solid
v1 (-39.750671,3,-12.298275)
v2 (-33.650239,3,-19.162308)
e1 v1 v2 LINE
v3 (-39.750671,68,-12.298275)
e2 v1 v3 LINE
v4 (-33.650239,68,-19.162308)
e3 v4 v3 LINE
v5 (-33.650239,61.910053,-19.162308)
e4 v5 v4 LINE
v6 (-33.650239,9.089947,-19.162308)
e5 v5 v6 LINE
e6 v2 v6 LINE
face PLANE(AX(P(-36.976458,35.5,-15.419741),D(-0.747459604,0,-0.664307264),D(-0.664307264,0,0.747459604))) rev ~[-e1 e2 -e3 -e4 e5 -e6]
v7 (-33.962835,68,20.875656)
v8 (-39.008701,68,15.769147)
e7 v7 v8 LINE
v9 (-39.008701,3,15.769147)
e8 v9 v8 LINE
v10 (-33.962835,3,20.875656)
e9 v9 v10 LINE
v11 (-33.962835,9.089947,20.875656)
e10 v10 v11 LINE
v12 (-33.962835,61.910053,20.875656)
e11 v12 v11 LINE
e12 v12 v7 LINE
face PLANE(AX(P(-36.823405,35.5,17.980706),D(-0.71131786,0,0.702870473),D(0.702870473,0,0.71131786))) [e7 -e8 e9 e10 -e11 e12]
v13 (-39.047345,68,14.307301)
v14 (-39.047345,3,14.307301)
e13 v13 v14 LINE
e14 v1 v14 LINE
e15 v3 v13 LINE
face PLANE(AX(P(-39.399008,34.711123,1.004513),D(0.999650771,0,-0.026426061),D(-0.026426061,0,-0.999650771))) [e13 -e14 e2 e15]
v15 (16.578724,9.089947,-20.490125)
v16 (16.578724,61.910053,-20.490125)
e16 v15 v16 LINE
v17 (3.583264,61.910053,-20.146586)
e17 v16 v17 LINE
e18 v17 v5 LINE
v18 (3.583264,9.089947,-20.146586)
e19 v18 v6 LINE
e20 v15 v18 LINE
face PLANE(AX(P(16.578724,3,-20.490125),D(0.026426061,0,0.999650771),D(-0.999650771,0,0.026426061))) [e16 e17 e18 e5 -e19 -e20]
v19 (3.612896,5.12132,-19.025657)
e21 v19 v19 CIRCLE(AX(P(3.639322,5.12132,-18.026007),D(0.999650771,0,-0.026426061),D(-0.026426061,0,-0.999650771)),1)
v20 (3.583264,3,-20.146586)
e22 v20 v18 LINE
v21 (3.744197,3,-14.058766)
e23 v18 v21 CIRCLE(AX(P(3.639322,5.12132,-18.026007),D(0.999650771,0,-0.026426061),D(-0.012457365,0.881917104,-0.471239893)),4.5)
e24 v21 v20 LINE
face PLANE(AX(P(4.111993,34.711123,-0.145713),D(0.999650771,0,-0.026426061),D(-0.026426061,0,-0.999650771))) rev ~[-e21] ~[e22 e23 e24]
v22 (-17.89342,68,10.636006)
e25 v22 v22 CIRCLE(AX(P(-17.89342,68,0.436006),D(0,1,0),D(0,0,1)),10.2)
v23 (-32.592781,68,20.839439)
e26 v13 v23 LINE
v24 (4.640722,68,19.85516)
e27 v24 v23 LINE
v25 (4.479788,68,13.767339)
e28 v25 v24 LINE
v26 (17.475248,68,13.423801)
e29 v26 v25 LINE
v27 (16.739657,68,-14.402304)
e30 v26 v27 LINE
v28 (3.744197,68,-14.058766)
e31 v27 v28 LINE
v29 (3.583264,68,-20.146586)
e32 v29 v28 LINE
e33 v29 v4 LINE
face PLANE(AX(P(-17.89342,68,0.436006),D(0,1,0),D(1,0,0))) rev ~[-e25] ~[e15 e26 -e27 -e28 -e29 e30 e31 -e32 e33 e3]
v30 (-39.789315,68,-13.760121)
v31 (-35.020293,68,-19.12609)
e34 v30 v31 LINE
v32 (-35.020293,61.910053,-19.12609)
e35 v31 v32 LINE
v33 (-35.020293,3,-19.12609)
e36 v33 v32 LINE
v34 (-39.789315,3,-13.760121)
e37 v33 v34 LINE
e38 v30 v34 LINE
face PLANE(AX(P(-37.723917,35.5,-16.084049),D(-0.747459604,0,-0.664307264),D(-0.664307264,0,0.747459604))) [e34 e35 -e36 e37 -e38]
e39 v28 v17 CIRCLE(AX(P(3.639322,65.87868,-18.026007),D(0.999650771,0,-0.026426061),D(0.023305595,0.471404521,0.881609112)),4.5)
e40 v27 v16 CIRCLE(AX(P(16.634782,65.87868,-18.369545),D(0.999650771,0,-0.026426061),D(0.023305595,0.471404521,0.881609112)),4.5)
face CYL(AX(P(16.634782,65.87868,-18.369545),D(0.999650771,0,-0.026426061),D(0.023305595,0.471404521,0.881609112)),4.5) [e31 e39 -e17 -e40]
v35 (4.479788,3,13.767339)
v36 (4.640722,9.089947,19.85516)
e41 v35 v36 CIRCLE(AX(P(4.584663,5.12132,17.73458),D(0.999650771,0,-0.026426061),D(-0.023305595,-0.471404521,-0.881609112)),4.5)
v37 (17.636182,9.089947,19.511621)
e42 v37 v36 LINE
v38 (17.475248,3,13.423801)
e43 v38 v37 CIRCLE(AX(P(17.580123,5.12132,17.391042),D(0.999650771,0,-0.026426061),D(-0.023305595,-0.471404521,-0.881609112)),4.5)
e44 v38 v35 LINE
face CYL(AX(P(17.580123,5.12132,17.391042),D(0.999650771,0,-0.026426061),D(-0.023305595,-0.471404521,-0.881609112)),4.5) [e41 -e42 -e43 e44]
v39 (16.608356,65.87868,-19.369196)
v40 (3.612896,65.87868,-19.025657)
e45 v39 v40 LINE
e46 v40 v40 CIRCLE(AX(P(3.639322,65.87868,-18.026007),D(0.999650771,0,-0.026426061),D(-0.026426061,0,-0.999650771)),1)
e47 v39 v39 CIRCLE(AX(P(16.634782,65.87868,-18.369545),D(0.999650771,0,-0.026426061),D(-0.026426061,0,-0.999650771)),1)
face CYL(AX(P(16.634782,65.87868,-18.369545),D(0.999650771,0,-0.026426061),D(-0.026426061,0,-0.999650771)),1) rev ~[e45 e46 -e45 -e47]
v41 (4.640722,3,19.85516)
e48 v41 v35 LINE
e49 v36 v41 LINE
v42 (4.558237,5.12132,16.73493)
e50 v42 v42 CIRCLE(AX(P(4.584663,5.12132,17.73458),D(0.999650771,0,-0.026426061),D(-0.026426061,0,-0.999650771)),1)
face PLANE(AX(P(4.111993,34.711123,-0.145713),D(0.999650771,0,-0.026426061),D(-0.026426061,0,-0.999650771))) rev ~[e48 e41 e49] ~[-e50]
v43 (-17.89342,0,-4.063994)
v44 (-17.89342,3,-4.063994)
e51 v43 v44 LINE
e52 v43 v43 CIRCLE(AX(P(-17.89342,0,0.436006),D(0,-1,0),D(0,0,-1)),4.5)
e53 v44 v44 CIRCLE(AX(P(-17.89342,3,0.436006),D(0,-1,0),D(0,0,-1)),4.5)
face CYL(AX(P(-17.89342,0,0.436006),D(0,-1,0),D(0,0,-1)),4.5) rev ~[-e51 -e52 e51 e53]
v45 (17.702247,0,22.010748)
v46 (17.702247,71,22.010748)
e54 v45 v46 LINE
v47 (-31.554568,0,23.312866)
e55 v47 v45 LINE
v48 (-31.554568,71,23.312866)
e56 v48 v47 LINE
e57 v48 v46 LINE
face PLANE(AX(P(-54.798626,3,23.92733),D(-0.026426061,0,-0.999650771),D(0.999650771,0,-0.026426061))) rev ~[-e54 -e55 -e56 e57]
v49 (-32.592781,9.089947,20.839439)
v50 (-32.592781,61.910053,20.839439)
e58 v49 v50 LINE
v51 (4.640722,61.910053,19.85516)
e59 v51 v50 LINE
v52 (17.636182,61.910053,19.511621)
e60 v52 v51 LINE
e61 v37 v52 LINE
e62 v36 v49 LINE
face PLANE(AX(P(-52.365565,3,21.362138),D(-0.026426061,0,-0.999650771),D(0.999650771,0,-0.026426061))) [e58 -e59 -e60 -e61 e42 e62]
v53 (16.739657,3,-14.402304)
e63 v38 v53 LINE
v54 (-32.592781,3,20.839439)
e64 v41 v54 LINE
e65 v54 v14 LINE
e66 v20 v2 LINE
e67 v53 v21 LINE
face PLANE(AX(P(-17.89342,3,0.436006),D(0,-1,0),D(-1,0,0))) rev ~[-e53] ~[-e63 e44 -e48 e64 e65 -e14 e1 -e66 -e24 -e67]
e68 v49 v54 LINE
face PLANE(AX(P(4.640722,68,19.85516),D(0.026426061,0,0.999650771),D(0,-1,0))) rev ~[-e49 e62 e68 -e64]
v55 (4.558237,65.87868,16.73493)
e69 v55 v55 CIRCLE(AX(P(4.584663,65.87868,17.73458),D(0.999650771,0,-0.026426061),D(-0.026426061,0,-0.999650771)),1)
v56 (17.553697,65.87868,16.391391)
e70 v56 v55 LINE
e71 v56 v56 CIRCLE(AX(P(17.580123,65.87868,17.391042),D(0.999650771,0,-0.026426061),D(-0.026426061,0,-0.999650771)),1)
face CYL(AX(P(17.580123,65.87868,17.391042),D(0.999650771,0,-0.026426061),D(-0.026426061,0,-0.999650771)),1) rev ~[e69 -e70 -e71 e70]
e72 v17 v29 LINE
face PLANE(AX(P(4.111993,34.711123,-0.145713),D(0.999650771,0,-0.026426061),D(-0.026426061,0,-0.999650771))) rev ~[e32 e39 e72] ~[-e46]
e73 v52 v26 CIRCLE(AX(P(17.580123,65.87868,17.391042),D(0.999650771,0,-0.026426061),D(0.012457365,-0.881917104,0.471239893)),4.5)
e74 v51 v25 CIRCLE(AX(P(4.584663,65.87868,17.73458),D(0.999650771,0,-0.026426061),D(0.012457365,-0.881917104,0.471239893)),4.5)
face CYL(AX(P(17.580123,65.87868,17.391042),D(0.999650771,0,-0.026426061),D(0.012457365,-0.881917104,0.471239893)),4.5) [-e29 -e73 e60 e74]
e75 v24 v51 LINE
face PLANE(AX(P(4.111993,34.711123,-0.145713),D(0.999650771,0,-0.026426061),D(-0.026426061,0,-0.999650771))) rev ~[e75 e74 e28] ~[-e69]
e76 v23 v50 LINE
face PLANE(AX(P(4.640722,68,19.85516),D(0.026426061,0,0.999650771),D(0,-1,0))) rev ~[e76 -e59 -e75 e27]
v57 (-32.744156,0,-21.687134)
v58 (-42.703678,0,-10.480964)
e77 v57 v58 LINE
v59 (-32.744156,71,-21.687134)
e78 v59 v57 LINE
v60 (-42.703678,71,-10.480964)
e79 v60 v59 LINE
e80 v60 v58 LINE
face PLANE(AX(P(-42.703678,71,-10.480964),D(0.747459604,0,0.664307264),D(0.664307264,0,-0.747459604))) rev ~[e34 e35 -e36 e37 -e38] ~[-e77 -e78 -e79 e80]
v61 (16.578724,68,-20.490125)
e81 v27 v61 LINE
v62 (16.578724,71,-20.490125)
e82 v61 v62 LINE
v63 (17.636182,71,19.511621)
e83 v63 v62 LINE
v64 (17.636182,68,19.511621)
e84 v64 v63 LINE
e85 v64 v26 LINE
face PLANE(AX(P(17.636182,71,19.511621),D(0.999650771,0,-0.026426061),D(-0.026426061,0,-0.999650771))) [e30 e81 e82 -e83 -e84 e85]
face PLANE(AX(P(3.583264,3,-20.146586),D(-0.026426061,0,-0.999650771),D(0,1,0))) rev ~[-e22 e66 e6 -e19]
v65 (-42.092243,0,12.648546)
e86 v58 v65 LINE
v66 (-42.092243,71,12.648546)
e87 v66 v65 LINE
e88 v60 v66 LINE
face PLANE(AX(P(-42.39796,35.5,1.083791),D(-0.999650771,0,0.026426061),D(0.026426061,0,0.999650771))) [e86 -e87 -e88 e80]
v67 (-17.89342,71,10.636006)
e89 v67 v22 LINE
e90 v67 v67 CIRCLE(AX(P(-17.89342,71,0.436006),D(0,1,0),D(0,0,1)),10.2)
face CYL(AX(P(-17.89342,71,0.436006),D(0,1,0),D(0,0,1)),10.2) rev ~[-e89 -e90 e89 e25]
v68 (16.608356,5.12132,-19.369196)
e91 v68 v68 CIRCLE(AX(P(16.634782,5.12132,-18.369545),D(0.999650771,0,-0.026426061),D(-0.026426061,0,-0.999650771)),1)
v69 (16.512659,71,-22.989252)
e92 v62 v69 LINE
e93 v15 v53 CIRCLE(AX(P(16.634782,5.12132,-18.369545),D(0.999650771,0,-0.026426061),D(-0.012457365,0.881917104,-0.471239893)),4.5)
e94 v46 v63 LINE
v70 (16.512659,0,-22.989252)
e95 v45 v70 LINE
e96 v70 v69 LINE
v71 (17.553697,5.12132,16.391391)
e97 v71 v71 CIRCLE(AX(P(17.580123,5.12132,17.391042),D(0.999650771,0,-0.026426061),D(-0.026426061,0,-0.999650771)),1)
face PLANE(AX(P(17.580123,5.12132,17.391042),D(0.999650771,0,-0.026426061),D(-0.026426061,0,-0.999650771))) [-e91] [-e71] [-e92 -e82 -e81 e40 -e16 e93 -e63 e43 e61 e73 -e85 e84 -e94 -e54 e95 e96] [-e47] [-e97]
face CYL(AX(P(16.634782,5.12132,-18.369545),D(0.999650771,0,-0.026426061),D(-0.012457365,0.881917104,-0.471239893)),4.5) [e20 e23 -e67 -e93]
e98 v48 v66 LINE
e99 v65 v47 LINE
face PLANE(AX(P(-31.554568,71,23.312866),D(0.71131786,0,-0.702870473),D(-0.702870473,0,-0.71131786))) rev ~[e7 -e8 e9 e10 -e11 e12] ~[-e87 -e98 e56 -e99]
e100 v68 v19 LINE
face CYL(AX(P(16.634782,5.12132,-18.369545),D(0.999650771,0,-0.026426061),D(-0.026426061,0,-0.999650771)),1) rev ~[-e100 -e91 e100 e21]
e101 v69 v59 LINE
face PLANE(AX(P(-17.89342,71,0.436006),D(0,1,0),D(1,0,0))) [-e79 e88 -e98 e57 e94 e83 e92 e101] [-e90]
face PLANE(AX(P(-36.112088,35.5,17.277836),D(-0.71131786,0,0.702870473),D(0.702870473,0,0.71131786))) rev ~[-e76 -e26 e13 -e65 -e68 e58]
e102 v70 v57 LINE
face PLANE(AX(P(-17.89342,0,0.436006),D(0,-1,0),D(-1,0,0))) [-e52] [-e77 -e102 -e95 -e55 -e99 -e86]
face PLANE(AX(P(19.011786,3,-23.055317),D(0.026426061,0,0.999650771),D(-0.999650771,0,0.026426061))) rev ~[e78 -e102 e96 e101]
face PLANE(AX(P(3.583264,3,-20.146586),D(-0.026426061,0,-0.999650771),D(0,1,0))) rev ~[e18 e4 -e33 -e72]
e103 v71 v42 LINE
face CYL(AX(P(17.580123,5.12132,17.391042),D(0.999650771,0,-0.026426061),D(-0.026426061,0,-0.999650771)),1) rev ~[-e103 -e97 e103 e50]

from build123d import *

# Parameters (mm, degrees)
SKETCH1_R                        = 4.951729289
BOSS_EXTRUDE3_DEPTH              = 3
BOSS_EXTRUDE4_DEPTH              = 68
SKETCH5_R                        = 4.5
CUT_EXTRUDE1_DEPTH               = 68
SKETCH11_W                       = 45.01572081
SKETCH11_H                       = 71
CUT_EXTRUDE3_DEPTH               = 2.5
SKETCH12_R                       = 13
BOSS_EXTRUDE7_DEPTH              = 3
SKETCH13_W                       = 45.01572081
SKETCH13_H                       = 71
CUT_EXTRUDE4_DEPTH               = 13
SKETCH14_W                       = 45.01572081
SKETCH14_H                       = 71
BOSS_EXTRUDE8_DEPTH              = 3
SKETCH15_R                       = 1.5
BOSS_EXTRUDE11_DEPTH             = 56.52620135
SKETCH16_R                       = 9
SKETCH16_R_2                     = 4.15
BOSS_EXTRUDE12_DEPTH             = 2
BOSS_EXTRUDE12_DIRECTION_2_REACH = 85.837
SKETCH17_R                       = 9
SKETCH17_R_2                     = 1
BOSS_EXTRUDE13_DEPTH             = 2
SKETCH18_R                       = 13
SKETCH18_R_2                     = 1
BOSS_EXTRUDE14_DEPTH             = 3
SKETCH19_R                       = 1.5
SKETCH19_R_2                     = 1
BOSS_EXTRUDE15_DEPTH             = 56.52620135
CUT_EXTRUDE9_DEPTH               = 43.52620135
SKETCH27_R                       = 10
SKETCH27_R_2                     = 1
CUT_EXTRUDE12_DEPTH              = 10
SKETCH28_R                       = 4.15
CUT_EXTRUDE13_DEPTH              = 73
SKETCH29_R                       = 4.5
SKETCH29_R_2                     = 4.15
CUT_EXTRUDE14_DEPTH              = 73
SKETCH30_R                       = 9
CUT_EXTRUDE15_DEPTH              = 4
SKETCH31_R                       = 10.2
CUT_EXTRUDE17_DEPTH              = 3
CUT_EXTRUDE18_DEPTH              = 197
SKETCH33_W                       = 14.992341928
SKETCH33_H                       = 71
BOSS_EXTRUDE16_DEPTH             = 1
SKETCH34_W                       = 14.992341928
SKETCH34_H                       = 71
BOSS_EXTRUDE17_DEPTH             = 1


with BuildPart() as part:
    # Sketch1 → Boss-Extrude3 (new body)
    with BuildSketch(Plane(origin=(0, 0, 0), x_dir=(1, 0, 0), z_dir=(0, 1, 0))):
        Polygon((-55.988214466, 21.072670098), (19.011785534, 23.055317054), (20.201373708, -21.944682946), (-54.798626292, -23.927329902), align=None)
        with Locations(Location((-17.893420379, -0.436006424, 0), (0, 0, 270))):
            Circle(SKETCH1_R, mode=Mode.SUBTRACT)
    extrude(amount=BOSS_EXTRUDE3_DEPTH)

    # Sketch4 → Boss-Extrude4 (add)
    with BuildSketch(Plane(origin=(0, 3, 0), x_dir=(1, 0, 0), z_dir=(0, 1, 0))):
        Polygon((-54.798626292, -23.927329902), (20.201373708, -21.944682946), (19.011785534, 23.055317054), (-55.988214466, 21.072670098), align=None)
        Polygon((-52.365564518, -21.362137824), (17.636181629, -19.511621172), (16.578723759, 20.490124975), (-53.423022387, 18.639608323), align=None, mode=Mode.SUBTRACT)
    extrude(amount=BOSS_EXTRUDE4_DEPTH)

    # Sketch5 → Cut-Extrude1 (cut)
    with BuildSketch(Plane(origin=(19.607557344, 0, -0.518331518), x_dir=(-0.026426060768931774, 0, -0.9996507706755579), z_dir=(0.999650770675558, 0, -0.026426060768931777))):
        with Locations((0.036998456, 35.5)):
            Circle(SKETCH5_R)
        with BuildLine():
            ThreePointArc((-17.463001544, 29.25), (-19.213001544, 27.5), (-17.463001544, 25.75))
            ThreePointArc((-17.463001544, 25.75), (-15.713001544, 27.5), (-17.463001544, 29.25))
        make_face()
        with BuildLine():
            ThreePointArc((17.536998456, 25.75), (19.286998456, 27.5), (17.536998456, 29.25))
            ThreePointArc((17.536998456, 29.25), (15.786998456, 27.5), (17.536998456, 25.75))
        make_face()
    extrude(amount=-CUT_EXTRUDE1_DEPTH, mode=Mode.SUBTRACT)

    # Sketch11 → Cut-Extrude3 (cut)
    with BuildSketch(Plane(origin=(19.607557344, 0, -0.518331518), x_dir=(-0.026426060768931756, 0, -0.9996507706755579), z_dir=(0.999650770675558, 0, -0.02642606076893176))):
        with Locations((0.036998456, 35.5)):
            Rectangle(SKETCH11_W, SKETCH11_H)
    extrude(amount=-CUT_EXTRUDE3_DEPTH, mode=Mode.SUBTRACT)

    # Sketch12 → Boss-Extrude7 (add)
    with BuildSketch(Plane(origin=(0, 71, 0), x_dir=(1, 0, 0), z_dir=(0, 1, 0))):
        Polygon((17.636181629, -19.511621172), (16.578723759, 20.490124975), (-53.423022387, 18.639608323), (-52.365564518, -21.362137824), align=None)
        with Locations(Location((-17.893420379, -0.436006424, 0), (0, 0, 270))):
            Circle(SKETCH12_R, mode=Mode.SUBTRACT)
    extrude(amount=-BOSS_EXTRUDE7_DEPTH)

    # Sketch13 → Cut-Extrude4 (cut)
    with BuildSketch(Plane(origin=(-55.392442656, 0, 1.464315438), x_dir=(0.02642606076893168, 0, 0.9996507706755579), z_dir=(-0.999650770675558, 0, 0.026426060768931683))):
        with Locations((-0.036998456, 35.5)):
            Rectangle(SKETCH13_W, SKETCH13_H)
    extrude(amount=-CUT_EXTRUDE4_DEPTH, mode=Mode.SUBTRACT)

    # Sketch14 → Boss-Extrude8 (add)
    with BuildSketch(Plane(origin=(-42.396982637, 0, 1.120776648), x_dir=(0.026426060768931694, 0, 0.9996507706755579), z_dir=(-0.999650770675558, 0, 0.026426060768931697))):
        with Locations((-0.036998456, 35.5)):
            Rectangle(SKETCH14_W, SKETCH14_H)
    extrude(amount=-BOSS_EXTRUDE8_DEPTH)

    # Sketch15 → Boss-Extrude11 (add)
    with BuildSketch(Plane(origin=(17.108430418, 0, -0.452266367), x_dir=(-0.02642606076893177, 0, -0.9996507706755579), z_dir=(0.999650770675558, 0, -0.026426060768931774))):
        with BuildLine():
            ThreePointArc((20.044858861, 9.08994731), (14.741558002, 8.303300859), (13.954911551, 3))
            Line((13.954911551, 3), (20.044858861, 3))
            Line((20.044858861, 3), (20.044858861, 9.08994731))
        make_face()
        with Locations((17.923538517, 5.121320344)):
            Circle(SKETCH15_R, mode=Mode.SUBTRACT)
        with BuildLine():
            Line((-19.970861949, 9.08994731), (-19.970861949, 3))
            Line((-19.970861949, 3), (-13.880914639, 3))
            ThreePointArc((-13.880914639, 3), (-14.66756109, 8.303300859), (-19.970861949, 9.08994731))
        make_face()
        with Locations((-17.849541605, 5.121320344)):
            Circle(SKETCH15_R, mode=Mode.SUBTRACT)
        with BuildLine():
            Line((20.044858861, 68), (13.954911551, 68))
            ThreePointArc((13.954911551, 68), (14.741558002, 62.696699141), (20.044858861, 61.91005269))
            Line((20.044858861, 61.91005269), (20.044858861, 68))
        make_face()
        with Locations((17.923538517, 65.878679656)):
            Circle(SKETCH15_R, mode=Mode.SUBTRACT)
        with BuildLine():
            Line((-19.970861949, 68), (-19.970861949, 61.91005269))
            ThreePointArc((-19.970861949, 61.91005269), (-14.66756109, 62.696699141), (-13.880914639, 68))
            Line((-13.880914639, 68), (-19.970861949, 68))
        make_face()
        with Locations((-17.849541605, 65.878679656)):
            Circle(SKETCH15_R, mode=Mode.SUBTRACT)
    extrude(amount=-BOSS_EXTRUDE11_DEPTH)

    # Sketch16 → Boss-Extrude12 (add)
    with BuildSketch(Plane(origin=(0, 3, 0), x_dir=(1, 0, 0), z_dir=(0, 1, 0))):
        with Locations(Location((-17.893420379, -0.436006424, 0), (0, 0, 270))):
            Circle(SKETCH16_R)
        with Locations(Location((-17.893420379, -0.436006424, 0), (0, 0, 270))):
            Circle(SKETCH16_R_2, mode=Mode.SUBTRACT)
    extrude(amount=BOSS_EXTRUDE12_DEPTH)

    # Boss-Extrude12 direction 2: up to this face of the body (flat: up to its plane)
    boss_extrude12_direction_2_end = Plane(part.part.faces().sort_by_distance((-12.489919849, 0, 0.293163306))[0])
    # Sketch16 → Boss-Extrude12 direction 2 (add, up to the picked face)
    with BuildSketch(Plane(origin=(0, 3, 0), x_dir=(1, 0, 0), z_dir=(0, 1, 0)), mode=Mode.PRIVATE) as boss_extrude12_direction_2_sk1:
        with Locations(Location((-17.893420379, -0.436006424, 0), (0, 0, 270))):
            Circle(SKETCH16_R)
        with Locations(Location((-17.893420379, -0.436006424, 0), (0, 0, 270))):
            Circle(SKETCH16_R_2, mode=Mode.SUBTRACT)
    boss_extrude12_direction_2_tool1 = split(extrude(boss_extrude12_direction_2_sk1.sketch, amount=-BOSS_EXTRUDE12_DIRECTION_2_REACH, mode=Mode.PRIVATE), bisect_by=boss_extrude12_direction_2_end, keep=Keep.BOTH, mode=Mode.PRIVATE)
    add(boss_extrude12_direction_2_tool1.solids().sort_by(Axis((-17.89342, 3, -8.309435), (0, -1, 0)))[0])

    # Sketch17 → Boss-Extrude13 (add)
    with BuildSketch(Plane(origin=(0, 5, 0), x_dir=(1, 0, 0), z_dir=(0, 1, 0))):
        with Locations(Location((-17.893420379, -0.436006424, 0), (0, 0, 270))):
            Circle(SKETCH17_R)
        with Locations(Location((-17.893420379, -0.436006424, 0), (0, 0, 270))):
            Circle(SKETCH17_R_2, mode=Mode.SUBTRACT)
    extrude(amount=BOSS_EXTRUDE13_DEPTH)

    # Sketch18 → Boss-Extrude14 (add)
    with BuildSketch(Plane(origin=(0, 71, 0), x_dir=(1, 0, 0), z_dir=(0, 1, 0))):
        with Locations((-17.893420379, -0.436006424)):
            Circle(SKETCH18_R)
        with Locations(Location((-17.893420379, -0.436006424, 0), (0, 0, 270))):
            Circle(SKETCH18_R_2, mode=Mode.SUBTRACT)
    extrude(amount=-BOSS_EXTRUDE14_DEPTH)

    # Sketch19 → Boss-Extrude15 (add)
    with BuildSketch(Plane(origin=(17.108430418, 0, -0.452266367), x_dir=(-0.02642606076893177, 0, -0.9996507706755579), z_dir=(0.999650770675558, 0, -0.026426060768931774))):
        with Locations((-17.849541605, 5.121320344)):
            Circle(SKETCH19_R)
        with Locations((-17.849541605, 5.121320344)):
            Circle(SKETCH19_R_2, mode=Mode.SUBTRACT)
        with Locations((17.923538517, 5.121320344)):
            Circle(SKETCH19_R)
        with Locations((17.923538517, 5.121320344)):
            Circle(SKETCH19_R_2, mode=Mode.SUBTRACT)
        with Locations((-17.849541605, 65.878679656)):
            Circle(SKETCH19_R)
        with Locations((-17.849541605, 65.878679656)):
            Circle(SKETCH19_R_2, mode=Mode.SUBTRACT)
        with Locations((17.923538517, 65.878679656)):
            Circle(SKETCH19_R)
        with Locations((17.923538517, 65.878679656)):
            Circle(SKETCH19_R_2, mode=Mode.SUBTRACT)
    extrude(amount=-BOSS_EXTRUDE15_DEPTH)

    # Sketch23 → Cut-Extrude9 (cut)
    with BuildSketch(Plane(origin=(4.112970399, 0, -0.108727577), x_dir=(-0.02642606076893177, 0, -0.9996507706755579), z_dir=(0.999650770675558, 0, -0.026426060768931774))):
        Polygon((-19.970861949, 68), (-19.970861949, 9.08994731), (-19.970861949, 3), (-13.880914639, 3), (-8.963001544, 3), (-8.963001544, 7), (9.036998456, 7), (9.036998456, 3), (20.044858861, 3), (20.044858861, 9.08994731), (20.044858861, 68), (-13.880914639, 68), align=None)
    extrude(amount=-CUT_EXTRUDE9_DEPTH, mode=Mode.SUBTRACT)

    # Sketch27 → Cut-Extrude12 (cut)
    with BuildSketch(Plane(origin=(0, 71, 0), x_dir=(1, 0, 0), z_dir=(0, 1, 0))):
        with Locations(Location((-17.893420379, -0.436006424, 0), (0, 0, 270))):
            Circle(SKETCH27_R)
        with Locations(Location((-17.893420379, -0.436006424, 0), (0, 0, 270))):
            Circle(SKETCH27_R_2, mode=Mode.SUBTRACT)
    extrude(amount=-CUT_EXTRUDE12_DEPTH, mode=Mode.SUBTRACT)

    # Sketch28 → Cut-Extrude13 (cut)
    with BuildSketch(Plane.XZ):
        with Locations(Location((-17.893420379, 0.436006424, 0), (0, 0, 90))):
            Circle(SKETCH28_R)
    extrude(amount=-CUT_EXTRUDE13_DEPTH, mode=Mode.SUBTRACT)

    # Sketch29 → Cut-Extrude14 (cut)
    with BuildSketch(Plane.XZ):
        with Locations(Location((-17.893420379, 0.436006424, 0), (0, 0, 270))):
            Circle(SKETCH29_R)
        with Locations((-17.893420379, 0.436006424)):
            Circle(SKETCH29_R_2, mode=Mode.SUBTRACT)
    extrude(amount=-CUT_EXTRUDE14_DEPTH, mode=Mode.SUBTRACT)

    # Sketch30 → Cut-Extrude15 (cut)
    with BuildSketch(Plane(origin=(0, 7, 0), x_dir=(1, 0, 0), z_dir=(0, 1, 0))):
        with Locations((-17.893420379, -0.436006424)):
            Circle(SKETCH30_R)
    extrude(amount=-CUT_EXTRUDE15_DEPTH, mode=Mode.SUBTRACT)

    # Sketch31 → Cut-Extrude17 (cut)
    with BuildSketch(Plane(origin=(0, 71, 0), x_dir=(1, 0, 0), z_dir=(0, 1, 0))):
        with Locations(Location((-17.893420379, -0.436006424, 0), (0, 0, 270))):
            Circle(SKETCH31_R)
    extrude(amount=-CUT_EXTRUDE17_DEPTH, mode=Mode.SUBTRACT)

    # Sketch32 → Cut-Extrude18 (cut)
    with BuildSketch(Plane(origin=(0, 71, 0), x_dir=(1, 0, 0), z_dir=(0, 1, 0))):
        Polygon((-42.992754447, 21.416208888), (-42.703678037, 10.480963623), (-32.74415639, 21.687133577), align=None)
        Polygon((-31.554568217, -23.312866423), (-42.092242683, -12.648545848), (-41.803166274, -23.583791112), align=None)
    extrude(amount=-CUT_EXTRUDE18_DEPTH, mode=Mode.SUBTRACT)

    # Sketch33 → Boss-Extrude16 (add)
    with BuildSketch(Plane(origin=(-27.621364057, 0, 27.293341448), x_dir=(0.7028704732937463, 0, 0.7113178598712571), z_dir=(-0.7113178598712571, 0, 0.7028704732937463))):
        with Locations((-13.09208701, 35.5)):
            Rectangle(SKETCH33_W, SKETCH33_H)
    extrude(amount=-BOSS_EXTRUDE16_DEPTH)

    # Sketch34 → Boss-Extrude17 (add)
    with BuildSketch(Plane(origin=(-29.062615571, 0, -25.829498399), x_dir=(-0.6643072639922937, 0, 0.7474596035954538), z_dir=(-0.7474596035954538, 0, -0.6643072639922937))):
        with Locations((13.038095641, 35.5)):
            Rectangle(SKETCH34_W, SKETCH34_H)
    extrude(amount=-BOSS_EXTRUDE17_DEPTH)


solid = part.part
